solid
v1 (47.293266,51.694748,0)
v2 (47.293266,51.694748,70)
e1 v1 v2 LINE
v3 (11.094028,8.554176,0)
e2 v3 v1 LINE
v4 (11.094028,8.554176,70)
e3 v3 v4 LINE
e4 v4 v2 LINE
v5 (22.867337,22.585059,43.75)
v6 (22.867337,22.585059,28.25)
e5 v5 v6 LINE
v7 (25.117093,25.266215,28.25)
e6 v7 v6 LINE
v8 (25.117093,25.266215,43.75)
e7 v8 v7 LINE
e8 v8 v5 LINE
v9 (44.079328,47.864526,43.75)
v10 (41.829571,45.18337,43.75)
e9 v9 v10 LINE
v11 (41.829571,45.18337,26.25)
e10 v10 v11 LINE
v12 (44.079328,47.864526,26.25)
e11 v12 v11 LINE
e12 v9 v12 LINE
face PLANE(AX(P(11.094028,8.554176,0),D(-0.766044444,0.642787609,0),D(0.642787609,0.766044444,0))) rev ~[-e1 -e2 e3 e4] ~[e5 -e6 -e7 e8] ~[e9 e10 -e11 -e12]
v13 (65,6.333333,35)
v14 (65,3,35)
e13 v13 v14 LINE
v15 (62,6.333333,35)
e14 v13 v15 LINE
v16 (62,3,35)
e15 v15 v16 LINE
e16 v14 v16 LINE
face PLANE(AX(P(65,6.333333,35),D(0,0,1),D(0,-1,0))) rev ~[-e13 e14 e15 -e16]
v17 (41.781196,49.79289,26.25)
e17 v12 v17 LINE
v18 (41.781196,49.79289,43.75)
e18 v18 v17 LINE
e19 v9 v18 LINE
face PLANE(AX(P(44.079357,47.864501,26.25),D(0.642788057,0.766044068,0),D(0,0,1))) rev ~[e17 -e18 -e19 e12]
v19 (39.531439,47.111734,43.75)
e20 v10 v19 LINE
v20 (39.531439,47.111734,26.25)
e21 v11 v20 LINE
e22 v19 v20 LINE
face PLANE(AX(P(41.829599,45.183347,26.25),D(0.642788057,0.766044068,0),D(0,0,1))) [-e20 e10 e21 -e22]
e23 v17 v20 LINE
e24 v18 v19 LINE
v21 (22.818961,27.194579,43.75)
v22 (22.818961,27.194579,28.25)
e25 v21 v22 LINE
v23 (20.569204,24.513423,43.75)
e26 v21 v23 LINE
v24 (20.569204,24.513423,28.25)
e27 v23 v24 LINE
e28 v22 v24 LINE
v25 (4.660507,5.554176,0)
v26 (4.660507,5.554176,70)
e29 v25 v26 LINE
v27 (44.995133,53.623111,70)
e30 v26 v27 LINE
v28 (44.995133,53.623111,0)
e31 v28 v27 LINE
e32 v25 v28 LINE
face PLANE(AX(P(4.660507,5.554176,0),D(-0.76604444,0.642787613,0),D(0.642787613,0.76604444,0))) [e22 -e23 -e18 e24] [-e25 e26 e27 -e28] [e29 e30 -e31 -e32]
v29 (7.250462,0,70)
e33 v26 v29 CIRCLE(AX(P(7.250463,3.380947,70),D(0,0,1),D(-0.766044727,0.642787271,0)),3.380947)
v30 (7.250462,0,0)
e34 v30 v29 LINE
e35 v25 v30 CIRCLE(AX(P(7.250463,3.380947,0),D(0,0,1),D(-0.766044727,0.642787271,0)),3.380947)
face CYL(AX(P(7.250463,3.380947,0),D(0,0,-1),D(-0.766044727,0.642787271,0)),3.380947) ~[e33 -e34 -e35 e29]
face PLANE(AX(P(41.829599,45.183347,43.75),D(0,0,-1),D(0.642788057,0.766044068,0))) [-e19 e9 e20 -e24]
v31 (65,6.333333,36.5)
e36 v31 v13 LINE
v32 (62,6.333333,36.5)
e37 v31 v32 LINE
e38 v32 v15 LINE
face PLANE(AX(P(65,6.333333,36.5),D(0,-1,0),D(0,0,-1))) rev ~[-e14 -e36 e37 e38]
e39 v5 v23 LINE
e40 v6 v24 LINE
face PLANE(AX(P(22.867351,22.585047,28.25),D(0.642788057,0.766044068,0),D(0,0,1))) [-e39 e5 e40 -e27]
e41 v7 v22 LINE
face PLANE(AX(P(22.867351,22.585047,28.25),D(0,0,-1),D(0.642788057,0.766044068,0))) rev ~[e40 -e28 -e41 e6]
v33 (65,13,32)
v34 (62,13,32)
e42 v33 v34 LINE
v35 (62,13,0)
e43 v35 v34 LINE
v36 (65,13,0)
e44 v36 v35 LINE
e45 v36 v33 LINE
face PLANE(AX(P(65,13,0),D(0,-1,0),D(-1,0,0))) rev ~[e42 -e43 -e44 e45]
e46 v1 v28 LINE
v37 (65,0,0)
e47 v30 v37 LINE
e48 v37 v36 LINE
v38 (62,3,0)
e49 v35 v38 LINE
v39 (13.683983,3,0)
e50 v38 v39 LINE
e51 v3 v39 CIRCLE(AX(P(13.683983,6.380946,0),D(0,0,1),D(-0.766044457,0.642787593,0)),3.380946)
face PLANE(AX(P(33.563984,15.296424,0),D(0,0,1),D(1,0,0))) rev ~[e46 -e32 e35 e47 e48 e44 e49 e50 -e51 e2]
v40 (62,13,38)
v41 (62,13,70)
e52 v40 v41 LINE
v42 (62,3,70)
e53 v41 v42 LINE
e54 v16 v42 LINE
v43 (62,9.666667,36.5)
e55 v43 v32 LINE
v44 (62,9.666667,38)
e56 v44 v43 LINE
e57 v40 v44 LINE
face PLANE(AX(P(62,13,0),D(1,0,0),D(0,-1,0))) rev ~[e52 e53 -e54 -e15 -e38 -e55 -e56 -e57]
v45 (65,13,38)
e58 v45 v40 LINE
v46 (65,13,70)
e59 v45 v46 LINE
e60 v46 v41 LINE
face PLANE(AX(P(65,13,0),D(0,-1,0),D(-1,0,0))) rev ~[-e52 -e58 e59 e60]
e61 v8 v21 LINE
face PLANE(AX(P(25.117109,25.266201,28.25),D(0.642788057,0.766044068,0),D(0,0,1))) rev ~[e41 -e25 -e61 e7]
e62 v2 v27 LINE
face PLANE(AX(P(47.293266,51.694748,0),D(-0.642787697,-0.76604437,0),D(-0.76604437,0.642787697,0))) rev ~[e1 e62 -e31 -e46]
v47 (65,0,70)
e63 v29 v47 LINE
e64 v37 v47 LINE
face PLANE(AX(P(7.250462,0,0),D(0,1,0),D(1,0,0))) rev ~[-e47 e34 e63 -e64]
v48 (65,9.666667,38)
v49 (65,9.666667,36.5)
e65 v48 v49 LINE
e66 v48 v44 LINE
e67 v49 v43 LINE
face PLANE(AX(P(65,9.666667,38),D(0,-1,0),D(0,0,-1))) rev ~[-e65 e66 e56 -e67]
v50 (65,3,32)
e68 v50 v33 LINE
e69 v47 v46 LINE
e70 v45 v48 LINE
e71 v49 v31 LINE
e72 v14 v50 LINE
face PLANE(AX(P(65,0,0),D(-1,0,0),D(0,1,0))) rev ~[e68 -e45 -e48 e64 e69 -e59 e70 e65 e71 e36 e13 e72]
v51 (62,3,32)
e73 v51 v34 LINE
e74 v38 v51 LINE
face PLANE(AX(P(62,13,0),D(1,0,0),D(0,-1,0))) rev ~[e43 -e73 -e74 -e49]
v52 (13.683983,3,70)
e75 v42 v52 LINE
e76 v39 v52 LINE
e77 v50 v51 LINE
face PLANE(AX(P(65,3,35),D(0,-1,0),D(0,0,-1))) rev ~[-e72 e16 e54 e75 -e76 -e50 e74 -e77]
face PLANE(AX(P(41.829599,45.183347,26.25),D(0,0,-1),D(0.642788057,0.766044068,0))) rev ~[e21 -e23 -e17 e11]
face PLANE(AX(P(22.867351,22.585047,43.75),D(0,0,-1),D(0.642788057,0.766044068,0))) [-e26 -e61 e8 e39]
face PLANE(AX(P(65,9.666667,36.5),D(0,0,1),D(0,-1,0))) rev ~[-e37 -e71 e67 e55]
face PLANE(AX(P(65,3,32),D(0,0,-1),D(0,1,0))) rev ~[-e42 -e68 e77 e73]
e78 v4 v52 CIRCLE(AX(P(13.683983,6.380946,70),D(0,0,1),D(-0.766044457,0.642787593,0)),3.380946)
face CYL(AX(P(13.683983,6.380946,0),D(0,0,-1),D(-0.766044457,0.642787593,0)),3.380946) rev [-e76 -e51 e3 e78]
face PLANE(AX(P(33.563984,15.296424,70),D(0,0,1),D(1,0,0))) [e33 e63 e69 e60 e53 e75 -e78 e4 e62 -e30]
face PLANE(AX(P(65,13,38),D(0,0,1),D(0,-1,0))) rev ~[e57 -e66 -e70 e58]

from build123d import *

# Parameters (mm, degrees)
PAD_DEPTH       = 70
SKETCH001_W     = 3.5
SKETCH001_H     = 17.5
SKETCH001_H_2   = 15.5
POCKET_DEPTH    = 34.50505
POCKET001_DEPTH = 5


with BuildPart() as part:
    # Sketch → Pad (new body)
    with BuildSketch(Plane.XY):
        with BuildLine():
            Line((7.250462, 0), (65, 0))
            Line((65, 0), (65, 3))
            Line((65, 3), (65, 13))
            Line((65, 13), (62, 13))
            Line((62, 13), (62, 3))
            Line((62, 3), (13.683983, 3))
            ThreePointArc((11.094028, 8.554176), (10.619805, 4.952097), (13.683983, 3))
            Line((11.094028, 8.554176), (47.293266, 51.694748))
            Line((47.293266, 51.694748), (44.995133, 53.623111))
            Line((4.660507, 5.554176), (44.995133, 53.623111))
            ThreePointArc((4.660507, 5.554176), (4.186285, 1.952097), (7.250462, 0))
        make_face()
    extrude(amount=PAD_DEPTH)

    # Sketch001 (on Face9 of Pad) → Pocket (cut, through all)
    with BuildSketch(Plane(origin=(2.298133, -1.928363, 0), x_dir=(0.642788, 0.766044, 0), z_dir=(0.766044, -0.642788, 0))):
        with Locations((63.25, 35)):
            Rectangle(SKETCH001_W, SKETCH001_H)
        with Locations((33.75, 36)):
            Rectangle(SKETCH001_W, SKETCH001_H_2)
    extrude(amount=-POCKET_DEPTH, mode=Mode.SUBTRACT)

    # Sketch002 (on Face16 of Pocket) → Pocket001 (cut)
    with BuildSketch(Plane.YZ.offset(65)):
        Polygon((3, 35), (3, 32), (13, 32), (13, 38), (9.666667, 38), (9.666667, 36.5), (6.333333, 36.5), (6.333333, 35), align=None)
    extrude(amount=-POCKET001_DEPTH, mode=Mode.SUBTRACT)


solid = part.part
